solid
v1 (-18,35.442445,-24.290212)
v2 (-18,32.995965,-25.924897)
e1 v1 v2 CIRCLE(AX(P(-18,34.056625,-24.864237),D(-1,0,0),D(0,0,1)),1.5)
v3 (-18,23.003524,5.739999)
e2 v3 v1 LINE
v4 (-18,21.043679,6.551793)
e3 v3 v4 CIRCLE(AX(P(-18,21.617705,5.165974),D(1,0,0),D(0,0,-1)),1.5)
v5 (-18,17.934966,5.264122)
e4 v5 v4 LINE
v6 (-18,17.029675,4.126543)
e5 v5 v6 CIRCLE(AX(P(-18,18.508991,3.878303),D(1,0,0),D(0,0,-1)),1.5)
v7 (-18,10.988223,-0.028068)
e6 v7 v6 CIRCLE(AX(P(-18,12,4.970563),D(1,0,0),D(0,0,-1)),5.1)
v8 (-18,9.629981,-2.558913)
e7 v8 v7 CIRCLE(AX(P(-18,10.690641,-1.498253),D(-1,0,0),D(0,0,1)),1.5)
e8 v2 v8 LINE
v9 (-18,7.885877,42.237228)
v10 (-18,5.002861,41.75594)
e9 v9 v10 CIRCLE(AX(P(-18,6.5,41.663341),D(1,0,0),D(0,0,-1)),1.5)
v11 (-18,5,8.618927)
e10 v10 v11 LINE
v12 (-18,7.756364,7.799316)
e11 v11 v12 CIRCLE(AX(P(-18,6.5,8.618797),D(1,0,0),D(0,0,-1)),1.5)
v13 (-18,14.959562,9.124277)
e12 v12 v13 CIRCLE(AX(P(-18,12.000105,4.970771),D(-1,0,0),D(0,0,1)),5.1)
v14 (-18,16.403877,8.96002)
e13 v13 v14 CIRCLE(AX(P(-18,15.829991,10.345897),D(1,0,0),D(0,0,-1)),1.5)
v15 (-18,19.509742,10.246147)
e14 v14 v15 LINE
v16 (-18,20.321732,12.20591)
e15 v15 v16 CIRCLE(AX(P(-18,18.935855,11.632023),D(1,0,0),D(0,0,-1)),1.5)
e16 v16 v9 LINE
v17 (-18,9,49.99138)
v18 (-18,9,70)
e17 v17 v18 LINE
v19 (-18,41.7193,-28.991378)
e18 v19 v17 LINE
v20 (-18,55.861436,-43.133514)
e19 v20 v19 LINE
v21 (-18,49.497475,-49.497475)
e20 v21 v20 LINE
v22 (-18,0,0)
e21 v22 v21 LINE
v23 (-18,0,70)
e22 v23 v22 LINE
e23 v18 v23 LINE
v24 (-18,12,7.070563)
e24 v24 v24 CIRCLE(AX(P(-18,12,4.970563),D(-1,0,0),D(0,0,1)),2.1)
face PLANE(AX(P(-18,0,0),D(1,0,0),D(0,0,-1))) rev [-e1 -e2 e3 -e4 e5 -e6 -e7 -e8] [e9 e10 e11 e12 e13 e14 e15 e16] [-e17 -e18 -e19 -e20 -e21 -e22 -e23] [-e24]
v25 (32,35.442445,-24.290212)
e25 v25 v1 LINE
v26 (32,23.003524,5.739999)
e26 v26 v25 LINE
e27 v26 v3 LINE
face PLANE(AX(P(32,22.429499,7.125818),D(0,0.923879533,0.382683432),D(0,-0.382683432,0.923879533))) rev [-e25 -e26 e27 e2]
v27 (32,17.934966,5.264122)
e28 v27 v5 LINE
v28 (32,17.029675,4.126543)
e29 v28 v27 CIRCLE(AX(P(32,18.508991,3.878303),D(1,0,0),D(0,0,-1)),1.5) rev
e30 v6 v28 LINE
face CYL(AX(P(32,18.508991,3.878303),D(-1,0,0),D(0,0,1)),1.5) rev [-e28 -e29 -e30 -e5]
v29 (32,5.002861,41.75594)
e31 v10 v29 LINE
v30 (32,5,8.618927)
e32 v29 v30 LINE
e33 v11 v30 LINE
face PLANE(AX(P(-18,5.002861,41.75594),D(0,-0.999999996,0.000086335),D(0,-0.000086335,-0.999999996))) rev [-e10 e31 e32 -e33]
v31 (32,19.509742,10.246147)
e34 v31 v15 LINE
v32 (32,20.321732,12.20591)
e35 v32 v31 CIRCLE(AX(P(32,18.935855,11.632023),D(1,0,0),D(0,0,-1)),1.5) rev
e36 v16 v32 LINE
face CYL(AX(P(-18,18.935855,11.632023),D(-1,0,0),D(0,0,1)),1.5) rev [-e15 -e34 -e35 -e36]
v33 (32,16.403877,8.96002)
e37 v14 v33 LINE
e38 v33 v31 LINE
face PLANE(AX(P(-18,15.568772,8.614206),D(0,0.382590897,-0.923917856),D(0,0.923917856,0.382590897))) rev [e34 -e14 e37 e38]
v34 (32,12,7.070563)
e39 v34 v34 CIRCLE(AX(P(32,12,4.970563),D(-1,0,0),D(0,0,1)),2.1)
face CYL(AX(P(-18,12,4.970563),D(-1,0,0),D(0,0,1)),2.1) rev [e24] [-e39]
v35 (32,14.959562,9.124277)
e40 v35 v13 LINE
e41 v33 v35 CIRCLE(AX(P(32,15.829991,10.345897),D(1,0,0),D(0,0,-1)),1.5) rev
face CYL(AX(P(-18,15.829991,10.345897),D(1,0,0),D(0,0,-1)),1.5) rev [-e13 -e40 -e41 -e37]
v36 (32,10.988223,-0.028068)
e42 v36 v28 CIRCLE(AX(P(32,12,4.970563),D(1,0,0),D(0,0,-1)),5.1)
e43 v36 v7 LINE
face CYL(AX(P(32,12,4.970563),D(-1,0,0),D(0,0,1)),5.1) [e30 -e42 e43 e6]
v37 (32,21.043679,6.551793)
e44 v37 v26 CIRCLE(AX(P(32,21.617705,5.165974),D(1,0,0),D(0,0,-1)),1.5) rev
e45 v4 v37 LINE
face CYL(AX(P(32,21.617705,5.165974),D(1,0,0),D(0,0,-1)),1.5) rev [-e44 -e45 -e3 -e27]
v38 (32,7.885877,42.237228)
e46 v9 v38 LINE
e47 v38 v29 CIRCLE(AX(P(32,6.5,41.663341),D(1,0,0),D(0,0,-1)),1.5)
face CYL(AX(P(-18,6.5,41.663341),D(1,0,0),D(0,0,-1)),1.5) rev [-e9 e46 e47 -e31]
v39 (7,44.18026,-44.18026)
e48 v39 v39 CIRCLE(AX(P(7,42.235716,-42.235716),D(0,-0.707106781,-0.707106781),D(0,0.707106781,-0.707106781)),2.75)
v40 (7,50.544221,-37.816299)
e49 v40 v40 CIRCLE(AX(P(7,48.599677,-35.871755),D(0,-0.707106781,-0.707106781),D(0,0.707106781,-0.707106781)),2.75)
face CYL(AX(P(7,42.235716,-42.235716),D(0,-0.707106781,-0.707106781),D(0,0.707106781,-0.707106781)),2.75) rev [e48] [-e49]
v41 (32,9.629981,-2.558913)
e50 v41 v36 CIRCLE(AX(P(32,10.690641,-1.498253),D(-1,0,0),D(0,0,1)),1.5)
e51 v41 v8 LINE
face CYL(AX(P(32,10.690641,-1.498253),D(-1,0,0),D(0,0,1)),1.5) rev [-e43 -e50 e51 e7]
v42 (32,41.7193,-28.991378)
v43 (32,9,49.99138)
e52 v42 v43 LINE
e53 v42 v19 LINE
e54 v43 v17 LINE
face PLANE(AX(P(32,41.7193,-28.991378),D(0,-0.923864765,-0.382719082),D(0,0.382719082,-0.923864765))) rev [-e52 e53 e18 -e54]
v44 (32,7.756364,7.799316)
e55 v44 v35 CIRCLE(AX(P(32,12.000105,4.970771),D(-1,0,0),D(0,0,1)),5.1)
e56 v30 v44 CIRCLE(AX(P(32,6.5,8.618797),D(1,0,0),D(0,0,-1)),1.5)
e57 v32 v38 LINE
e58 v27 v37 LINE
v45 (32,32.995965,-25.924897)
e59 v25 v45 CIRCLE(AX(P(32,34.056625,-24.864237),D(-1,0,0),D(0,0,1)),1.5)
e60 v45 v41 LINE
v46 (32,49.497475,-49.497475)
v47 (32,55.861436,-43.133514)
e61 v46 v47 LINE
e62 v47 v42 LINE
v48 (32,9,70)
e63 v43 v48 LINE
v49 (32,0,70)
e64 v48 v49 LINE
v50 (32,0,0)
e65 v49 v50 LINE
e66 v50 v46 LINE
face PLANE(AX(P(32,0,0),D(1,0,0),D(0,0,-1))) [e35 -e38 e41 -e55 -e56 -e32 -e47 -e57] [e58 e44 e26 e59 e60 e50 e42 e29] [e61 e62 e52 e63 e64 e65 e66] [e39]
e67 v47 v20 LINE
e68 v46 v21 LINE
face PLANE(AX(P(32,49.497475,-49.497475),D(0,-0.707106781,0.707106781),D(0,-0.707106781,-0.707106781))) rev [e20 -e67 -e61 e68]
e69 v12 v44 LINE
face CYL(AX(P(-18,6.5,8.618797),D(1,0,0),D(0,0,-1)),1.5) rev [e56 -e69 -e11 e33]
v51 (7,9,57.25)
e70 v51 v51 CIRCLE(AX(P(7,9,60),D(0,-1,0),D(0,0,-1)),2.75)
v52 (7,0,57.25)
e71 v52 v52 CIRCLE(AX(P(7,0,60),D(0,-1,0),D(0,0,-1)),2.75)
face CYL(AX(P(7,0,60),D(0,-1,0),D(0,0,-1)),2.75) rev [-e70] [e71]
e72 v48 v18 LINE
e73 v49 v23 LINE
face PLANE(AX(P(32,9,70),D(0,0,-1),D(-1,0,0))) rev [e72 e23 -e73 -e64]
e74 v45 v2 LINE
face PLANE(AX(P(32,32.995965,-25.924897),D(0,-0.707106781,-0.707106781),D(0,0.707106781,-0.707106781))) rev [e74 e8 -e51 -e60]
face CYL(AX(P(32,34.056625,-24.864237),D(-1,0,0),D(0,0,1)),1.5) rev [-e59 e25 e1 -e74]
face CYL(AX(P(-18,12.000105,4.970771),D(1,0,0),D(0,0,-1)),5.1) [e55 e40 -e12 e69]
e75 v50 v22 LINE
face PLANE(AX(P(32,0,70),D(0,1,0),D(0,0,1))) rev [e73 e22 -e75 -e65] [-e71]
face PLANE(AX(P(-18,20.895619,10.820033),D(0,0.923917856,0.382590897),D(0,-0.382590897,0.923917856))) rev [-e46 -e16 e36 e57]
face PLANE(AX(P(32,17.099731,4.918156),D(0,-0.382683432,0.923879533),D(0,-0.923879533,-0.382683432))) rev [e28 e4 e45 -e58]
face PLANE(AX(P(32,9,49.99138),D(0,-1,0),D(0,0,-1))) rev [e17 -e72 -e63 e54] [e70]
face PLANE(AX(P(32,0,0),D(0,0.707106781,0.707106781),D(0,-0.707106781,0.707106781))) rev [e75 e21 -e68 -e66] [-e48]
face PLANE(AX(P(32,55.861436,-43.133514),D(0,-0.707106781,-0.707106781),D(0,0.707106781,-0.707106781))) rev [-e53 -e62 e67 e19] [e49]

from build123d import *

# Parameters (mm, degrees)
BOSS_EXTRUDE1_DEPTH            = 25
BOSS_EXTRUDE1_DEPTH_BACK       = 25
CUT_EXTRUDE1_DEPTH             = 103.569488641
CUT_EXTRUDE2_DEPTH             = 103.569488641
F_5_5_5_5_DIAMETER_HOLE1_D     = 5.5
F_5_5_5_5_DIAMETER_HOLE1_DEPTH = 88.997474683
F_5_5_5_5_DIAMETER_HOLE2_D     = 5.5
F_5_5_5_5_DIAMETER_HOLE2_DEPTH = 55.861435714
F_4_2_4_2_DIAMETER_HOLE1_D     = 4.2
FILLET1_R                      = 1.5


with BuildPart() as part:
    # Sketch1 → Boss-Extrude1 (new, two sides: drawn at the far end of the back side and taken through both)
    with BuildSketch(Plane(origin=(7, 0, 0), x_dir=(0, 0, -1), z_dir=(1, 0, 0)).offset(-BOSS_EXTRUDE1_DEPTH_BACK)):
        Polygon((-70, 9), (-70, 0), (0, 0), (49.497474683, 49.497474683), (43.133513652, 55.861435714), (28.991378029, 41.71930009), (-49.991379635, 9), align=None)
    extrude(amount=BOSS_EXTRUDE1_DEPTH + BOSS_EXTRUDE1_DEPTH_BACK)

    # Sketch2 → Cut-Extrude1 (cut, through all)
    with BuildSketch(Plane(origin=(32, 0, 0), x_dir=(0, 0, -1), z_dir=(1, 0, 0))):
        with BuildLine():
            Line((-41.755939666, 5.002860881), (-8.618926871, 5.000000007))
            ThreePointArc((-8.618926871, 5.000000007), (-7.181014363, 6.072472193), (-7.79931621, 7.756364053))
            ThreePointArc((-7.79931621, 7.756364053), (-10.043251633, 11.471008803), (-8.614205769, 15.568771574))
            Line((-8.614205769, 15.568771574), (-10.820032984, 20.895618515))
            Line((-10.820032984, 20.895618515), (-42.237227621, 7.885876783))
            ThreePointArc((-42.237227621, 7.885876783), (-43.142866756, 6.253009411), (-41.755939666, 5.002860881))
        make_face()
    extrude(amount=-CUT_EXTRUDE1_DEPTH, mode=Mode.SUBTRACT)

    # Sketch3 → Cut-Extrude2 (cut, through all)
    with BuildSketch(Plane.ZY.offset(18)):
        with BuildLine():
            Line((-25.924897249, 32.995965061), (-2.558913388, 9.6299812))
            ThreePointArc((-2.558913388, 9.6299812), (-0.788934633, 9.368950353), (-0.028067769, 10.988222878))
            ThreePointArc((-0.028067769, 10.988222878), (1.006237273, 15.208445656), (4.918155981, 17.099730731))
            Line((4.918155981, 17.099730731), (7.125818191, 22.42949878))
            Line((7.125818191, 22.42949878), (-24.290211928, 35.442444531))
            ThreePointArc((-24.290211928, 35.442444531), (-26.111441495, 34.889980582), (-25.924897249, 32.995965061))
        make_face()
    extrude(amount=-CUT_EXTRUDE2_DEPTH, mode=Mode.SUBTRACT)

    # Ø5.5 (5.5) Diameter Hole1
    with Locations(Plane(origin=(0, 0, 0), x_dir=(-1, 0, 0), z_dir=(0, -0.7071067811865477, -0.7071067811865475))):
        with Locations((-7, 59.730322699)):
            Hole(F_5_5_5_5_DIAMETER_HOLE1_D / 2, depth=F_5_5_5_5_DIAMETER_HOLE1_DEPTH)

    # Ø5.5 (5.5) Diameter Hole2
    with Locations(Plane(origin=(0, 0, 0), x_dir=(-1, 0, 0), z_dir=(0, -1, 0))):
        with Locations((-7, -60)):
            Hole(F_5_5_5_5_DIAMETER_HOLE2_D / 2, depth=F_5_5_5_5_DIAMETER_HOLE2_DEPTH)

    # Ø4.2 (4.2) Diameter Hole1 (through all)
    with Locations(Plane.ZY.offset(18)):
        with Locations((4.970562748, 12)):
            Hole(F_4_2_4_2_DIAMETER_HOLE1_D / 2)

    # Fillet1
    fillet1_edges = [part.edges().sort_by_distance(p)[0] for p in [
        (7, 20.895618515, 10.820032984),
        (7, 15.568771574, 8.614205769),
        (7, 22.42949878, 7.125818191),
        (7, 17.099730731, 4.918155981),
    ]]
    fillet(fillet1_edges, radius=FILLET1_R)


solid = part.part
